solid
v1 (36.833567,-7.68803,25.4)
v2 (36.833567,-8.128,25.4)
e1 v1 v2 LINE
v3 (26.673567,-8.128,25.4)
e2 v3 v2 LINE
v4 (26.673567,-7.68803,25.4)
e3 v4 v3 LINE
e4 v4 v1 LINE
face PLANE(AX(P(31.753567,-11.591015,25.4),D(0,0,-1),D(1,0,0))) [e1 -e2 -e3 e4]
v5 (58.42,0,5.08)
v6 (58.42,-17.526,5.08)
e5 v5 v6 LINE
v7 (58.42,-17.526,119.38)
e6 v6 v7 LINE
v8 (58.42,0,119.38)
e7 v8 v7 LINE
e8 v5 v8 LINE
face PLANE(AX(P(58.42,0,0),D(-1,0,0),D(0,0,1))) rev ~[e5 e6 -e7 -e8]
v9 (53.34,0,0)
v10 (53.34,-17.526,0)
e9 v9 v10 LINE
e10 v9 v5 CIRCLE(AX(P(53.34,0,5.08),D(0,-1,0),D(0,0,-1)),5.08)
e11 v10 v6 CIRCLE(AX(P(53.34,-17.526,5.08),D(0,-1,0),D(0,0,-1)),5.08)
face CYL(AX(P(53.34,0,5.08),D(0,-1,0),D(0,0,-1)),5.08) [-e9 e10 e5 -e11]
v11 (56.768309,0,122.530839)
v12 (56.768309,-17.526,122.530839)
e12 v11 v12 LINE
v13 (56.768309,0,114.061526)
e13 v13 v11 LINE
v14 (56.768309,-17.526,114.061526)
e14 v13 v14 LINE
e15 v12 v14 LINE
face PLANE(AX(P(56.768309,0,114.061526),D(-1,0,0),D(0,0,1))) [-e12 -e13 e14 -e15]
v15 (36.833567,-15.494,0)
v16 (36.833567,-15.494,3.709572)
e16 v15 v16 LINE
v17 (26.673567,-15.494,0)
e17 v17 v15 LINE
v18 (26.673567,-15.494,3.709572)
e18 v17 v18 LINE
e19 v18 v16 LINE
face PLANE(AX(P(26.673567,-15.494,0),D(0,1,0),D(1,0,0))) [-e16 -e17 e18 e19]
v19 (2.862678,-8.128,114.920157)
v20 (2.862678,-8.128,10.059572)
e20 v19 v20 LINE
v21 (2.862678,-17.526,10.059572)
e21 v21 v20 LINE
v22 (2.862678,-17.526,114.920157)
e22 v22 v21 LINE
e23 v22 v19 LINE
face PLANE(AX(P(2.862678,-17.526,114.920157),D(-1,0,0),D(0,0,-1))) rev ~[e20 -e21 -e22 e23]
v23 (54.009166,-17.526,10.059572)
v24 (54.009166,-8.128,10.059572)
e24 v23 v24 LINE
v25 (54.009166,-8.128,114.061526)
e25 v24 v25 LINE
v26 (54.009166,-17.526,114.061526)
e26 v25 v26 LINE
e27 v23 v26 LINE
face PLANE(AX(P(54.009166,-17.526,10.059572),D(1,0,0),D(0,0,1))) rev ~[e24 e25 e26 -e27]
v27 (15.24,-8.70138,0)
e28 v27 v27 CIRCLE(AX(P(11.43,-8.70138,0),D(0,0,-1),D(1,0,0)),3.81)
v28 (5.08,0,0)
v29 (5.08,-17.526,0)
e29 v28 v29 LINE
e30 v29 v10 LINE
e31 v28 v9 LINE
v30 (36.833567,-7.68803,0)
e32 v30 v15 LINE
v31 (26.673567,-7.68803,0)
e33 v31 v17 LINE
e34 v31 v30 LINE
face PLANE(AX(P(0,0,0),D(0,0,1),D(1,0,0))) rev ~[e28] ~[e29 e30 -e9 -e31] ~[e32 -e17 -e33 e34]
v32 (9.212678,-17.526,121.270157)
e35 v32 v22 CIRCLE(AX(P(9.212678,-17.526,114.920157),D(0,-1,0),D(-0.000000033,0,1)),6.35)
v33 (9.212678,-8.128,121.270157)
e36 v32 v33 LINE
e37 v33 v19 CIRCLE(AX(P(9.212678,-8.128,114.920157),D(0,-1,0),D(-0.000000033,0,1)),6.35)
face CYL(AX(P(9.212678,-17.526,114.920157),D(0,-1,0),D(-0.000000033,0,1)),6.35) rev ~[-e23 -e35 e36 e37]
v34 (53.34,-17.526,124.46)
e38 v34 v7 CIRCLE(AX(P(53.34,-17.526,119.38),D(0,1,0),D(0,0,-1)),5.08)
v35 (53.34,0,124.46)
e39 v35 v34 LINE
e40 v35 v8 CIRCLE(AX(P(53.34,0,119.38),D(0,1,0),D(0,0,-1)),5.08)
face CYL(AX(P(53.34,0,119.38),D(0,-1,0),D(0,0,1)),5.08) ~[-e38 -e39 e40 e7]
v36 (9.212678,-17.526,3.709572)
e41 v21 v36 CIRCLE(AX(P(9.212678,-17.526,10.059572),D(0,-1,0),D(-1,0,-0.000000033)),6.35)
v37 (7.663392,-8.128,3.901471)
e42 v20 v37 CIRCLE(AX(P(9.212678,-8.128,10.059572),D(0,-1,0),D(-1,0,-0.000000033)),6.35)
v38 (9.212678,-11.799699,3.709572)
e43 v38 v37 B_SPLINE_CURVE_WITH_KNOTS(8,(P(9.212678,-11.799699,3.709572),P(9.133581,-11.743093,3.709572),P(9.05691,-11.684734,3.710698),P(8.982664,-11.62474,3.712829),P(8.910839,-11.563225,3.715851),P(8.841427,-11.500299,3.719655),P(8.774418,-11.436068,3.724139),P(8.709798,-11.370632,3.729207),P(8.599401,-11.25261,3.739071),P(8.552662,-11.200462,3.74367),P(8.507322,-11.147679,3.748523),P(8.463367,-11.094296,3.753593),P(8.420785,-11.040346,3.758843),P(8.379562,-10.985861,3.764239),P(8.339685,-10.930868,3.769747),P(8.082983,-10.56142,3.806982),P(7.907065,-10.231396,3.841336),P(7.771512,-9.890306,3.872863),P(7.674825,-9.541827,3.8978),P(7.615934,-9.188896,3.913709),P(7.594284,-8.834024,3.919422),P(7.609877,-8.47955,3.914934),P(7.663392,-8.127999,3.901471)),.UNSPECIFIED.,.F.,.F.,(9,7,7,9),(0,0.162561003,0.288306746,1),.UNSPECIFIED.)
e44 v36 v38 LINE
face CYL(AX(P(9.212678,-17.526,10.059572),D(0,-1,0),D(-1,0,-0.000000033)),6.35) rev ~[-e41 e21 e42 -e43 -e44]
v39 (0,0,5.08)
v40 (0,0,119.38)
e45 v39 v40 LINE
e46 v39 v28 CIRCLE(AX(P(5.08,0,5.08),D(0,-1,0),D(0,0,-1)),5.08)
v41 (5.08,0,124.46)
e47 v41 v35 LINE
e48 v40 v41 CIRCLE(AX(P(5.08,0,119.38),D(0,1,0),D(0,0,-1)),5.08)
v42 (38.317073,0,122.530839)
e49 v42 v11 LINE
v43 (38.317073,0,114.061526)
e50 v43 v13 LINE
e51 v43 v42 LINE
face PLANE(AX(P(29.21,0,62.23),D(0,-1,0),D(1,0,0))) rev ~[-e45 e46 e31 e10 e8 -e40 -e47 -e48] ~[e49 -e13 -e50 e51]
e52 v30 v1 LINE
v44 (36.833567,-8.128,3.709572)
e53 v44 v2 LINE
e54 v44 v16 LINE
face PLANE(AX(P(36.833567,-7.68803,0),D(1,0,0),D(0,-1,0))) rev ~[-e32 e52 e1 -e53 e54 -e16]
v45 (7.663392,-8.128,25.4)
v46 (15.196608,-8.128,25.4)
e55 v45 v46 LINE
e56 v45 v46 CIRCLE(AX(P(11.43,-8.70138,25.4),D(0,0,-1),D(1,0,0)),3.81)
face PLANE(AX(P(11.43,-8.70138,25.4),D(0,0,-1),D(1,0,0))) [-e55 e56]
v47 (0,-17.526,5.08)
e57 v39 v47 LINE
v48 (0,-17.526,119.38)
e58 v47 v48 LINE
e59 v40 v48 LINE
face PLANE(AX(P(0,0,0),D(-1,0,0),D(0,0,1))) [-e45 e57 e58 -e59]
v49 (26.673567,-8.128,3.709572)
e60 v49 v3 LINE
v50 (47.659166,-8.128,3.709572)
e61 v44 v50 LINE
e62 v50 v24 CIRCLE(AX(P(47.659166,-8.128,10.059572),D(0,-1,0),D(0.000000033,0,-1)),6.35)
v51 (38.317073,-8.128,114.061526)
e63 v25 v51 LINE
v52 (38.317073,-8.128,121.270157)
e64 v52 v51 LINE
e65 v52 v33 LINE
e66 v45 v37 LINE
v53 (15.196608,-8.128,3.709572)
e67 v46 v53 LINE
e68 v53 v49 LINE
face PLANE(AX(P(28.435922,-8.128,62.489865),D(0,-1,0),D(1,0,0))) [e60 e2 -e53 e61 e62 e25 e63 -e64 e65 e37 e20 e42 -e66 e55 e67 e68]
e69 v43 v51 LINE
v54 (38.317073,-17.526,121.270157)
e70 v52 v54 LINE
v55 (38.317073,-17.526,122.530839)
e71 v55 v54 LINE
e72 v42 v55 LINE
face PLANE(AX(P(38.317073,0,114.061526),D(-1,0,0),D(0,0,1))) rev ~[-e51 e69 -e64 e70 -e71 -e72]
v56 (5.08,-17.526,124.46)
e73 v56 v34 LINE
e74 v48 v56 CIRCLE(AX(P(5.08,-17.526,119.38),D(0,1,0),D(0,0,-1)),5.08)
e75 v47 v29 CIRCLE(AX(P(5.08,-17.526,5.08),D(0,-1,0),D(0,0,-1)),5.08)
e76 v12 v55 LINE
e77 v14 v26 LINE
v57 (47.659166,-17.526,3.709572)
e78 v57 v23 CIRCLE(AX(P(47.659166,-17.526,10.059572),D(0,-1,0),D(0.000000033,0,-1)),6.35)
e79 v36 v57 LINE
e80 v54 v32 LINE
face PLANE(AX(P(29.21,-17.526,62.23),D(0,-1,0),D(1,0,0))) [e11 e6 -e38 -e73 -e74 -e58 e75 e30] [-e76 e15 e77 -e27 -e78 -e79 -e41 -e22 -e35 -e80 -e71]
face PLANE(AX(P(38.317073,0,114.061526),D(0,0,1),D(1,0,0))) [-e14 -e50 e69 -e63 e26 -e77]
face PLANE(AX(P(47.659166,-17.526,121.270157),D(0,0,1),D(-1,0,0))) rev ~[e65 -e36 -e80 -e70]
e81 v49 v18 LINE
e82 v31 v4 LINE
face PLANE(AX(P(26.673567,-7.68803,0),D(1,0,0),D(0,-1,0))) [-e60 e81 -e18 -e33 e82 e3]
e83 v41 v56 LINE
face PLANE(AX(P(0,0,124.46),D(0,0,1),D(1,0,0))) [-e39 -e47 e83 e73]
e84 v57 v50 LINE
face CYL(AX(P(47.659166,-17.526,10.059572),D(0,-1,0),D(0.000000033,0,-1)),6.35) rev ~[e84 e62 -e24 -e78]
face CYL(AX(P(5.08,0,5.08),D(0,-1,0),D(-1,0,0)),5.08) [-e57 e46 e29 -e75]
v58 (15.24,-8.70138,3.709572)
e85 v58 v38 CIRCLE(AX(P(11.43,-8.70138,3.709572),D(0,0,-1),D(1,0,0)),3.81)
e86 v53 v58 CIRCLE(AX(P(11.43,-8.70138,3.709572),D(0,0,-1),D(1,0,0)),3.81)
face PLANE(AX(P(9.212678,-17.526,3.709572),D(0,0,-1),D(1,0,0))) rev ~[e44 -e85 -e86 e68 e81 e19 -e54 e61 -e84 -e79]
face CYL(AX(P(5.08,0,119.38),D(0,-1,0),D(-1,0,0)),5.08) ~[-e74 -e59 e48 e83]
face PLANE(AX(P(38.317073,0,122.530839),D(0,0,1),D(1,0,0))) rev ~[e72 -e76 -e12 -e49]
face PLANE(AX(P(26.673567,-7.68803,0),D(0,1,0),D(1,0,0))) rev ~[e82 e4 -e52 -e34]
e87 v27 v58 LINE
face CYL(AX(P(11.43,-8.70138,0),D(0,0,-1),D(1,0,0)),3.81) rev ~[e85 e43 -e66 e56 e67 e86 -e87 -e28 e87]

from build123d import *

# Parameters (mm, degrees)
F0_W     = 58.42
F0_H     = 124.46
F1_DEPTH = 17.526
F3_DEPTH = 9.398
F6_R     = 5.08
F4_W     = 18.451236
F4_H     = 8.469313
F7_DEPTH = 25.4
F5_R     = 3.81
F5_W     = 10.16
F5_H     = 7.80597
F8_DEPTH = 25.4


with BuildPart() as f1:
    # F0 (on Front) → F1 (new body)
    with BuildSketch(Plane.XZ):
        with Locations((29.21, 62.23)):
            Rectangle(F0_W, F0_H)
    extrude(amount=F1_DEPTH)

    # F2 (on face) → F3 (cut)
    with BuildSketch(Plane.XZ.offset(17.526)):
        with BuildLine():
            ThreePointArc((2.862678, 10.059572), (4.72255, 5.569444), (9.212678, 3.709572))
            Line((9.212678, 3.709572), (47.659166, 3.709572))
            ThreePointArc((47.659166, 3.709572), (52.149294, 5.569444), (54.009166, 10.059572))
            Line((54.009166, 10.059572), (54.009166, 114.920157))
            ThreePointArc((54.009166, 114.920157), (52.149294, 119.410285), (47.659166, 121.270157))
            Line((47.659166, 121.270157), (9.212678, 121.270157))
            ThreePointArc((9.212678, 121.270157), (4.72255, 119.410285), (2.862678, 114.920157))
            Line((2.862678, 114.920157), (2.862678, 10.059572))
        make_face()
    extrude(amount=-F3_DEPTH, mode=Mode.SUBTRACT)

    # F6
    f6_edges = [f1.edges().sort_by_distance(p)[0] for p in [
        (0, -8.763, 124.46),
        (58.42, -8.763, 124.46),
        (58.42, -8.763, 0),
        (0, -8.763, 0),
    ]]
    fillet(f6_edges, radius=F6_R)

    # F4 (on Front) → F7 (cut)
    with BuildSketch(Plane.XZ):
        with Locations((47.542691, 118.296183)):
            Rectangle(F4_W, F4_H)
    extrude(amount=F7_DEPTH, mode=Mode.SUBTRACT)

    # F5 (on face) → F8 (cut)
    with BuildSketch(Plane(origin=(0, 0, 0), x_dir=(1, 0, 0), z_dir=(0, 0, -1))):
        with Locations((11.43, 8.70138)):
            Circle(F5_R)
        with Locations((31.753567, 11.591015)):
            Rectangle(F5_W, F5_H)
    extrude(amount=-F8_DEPTH, mode=Mode.SUBTRACT)


solid = f1.part
